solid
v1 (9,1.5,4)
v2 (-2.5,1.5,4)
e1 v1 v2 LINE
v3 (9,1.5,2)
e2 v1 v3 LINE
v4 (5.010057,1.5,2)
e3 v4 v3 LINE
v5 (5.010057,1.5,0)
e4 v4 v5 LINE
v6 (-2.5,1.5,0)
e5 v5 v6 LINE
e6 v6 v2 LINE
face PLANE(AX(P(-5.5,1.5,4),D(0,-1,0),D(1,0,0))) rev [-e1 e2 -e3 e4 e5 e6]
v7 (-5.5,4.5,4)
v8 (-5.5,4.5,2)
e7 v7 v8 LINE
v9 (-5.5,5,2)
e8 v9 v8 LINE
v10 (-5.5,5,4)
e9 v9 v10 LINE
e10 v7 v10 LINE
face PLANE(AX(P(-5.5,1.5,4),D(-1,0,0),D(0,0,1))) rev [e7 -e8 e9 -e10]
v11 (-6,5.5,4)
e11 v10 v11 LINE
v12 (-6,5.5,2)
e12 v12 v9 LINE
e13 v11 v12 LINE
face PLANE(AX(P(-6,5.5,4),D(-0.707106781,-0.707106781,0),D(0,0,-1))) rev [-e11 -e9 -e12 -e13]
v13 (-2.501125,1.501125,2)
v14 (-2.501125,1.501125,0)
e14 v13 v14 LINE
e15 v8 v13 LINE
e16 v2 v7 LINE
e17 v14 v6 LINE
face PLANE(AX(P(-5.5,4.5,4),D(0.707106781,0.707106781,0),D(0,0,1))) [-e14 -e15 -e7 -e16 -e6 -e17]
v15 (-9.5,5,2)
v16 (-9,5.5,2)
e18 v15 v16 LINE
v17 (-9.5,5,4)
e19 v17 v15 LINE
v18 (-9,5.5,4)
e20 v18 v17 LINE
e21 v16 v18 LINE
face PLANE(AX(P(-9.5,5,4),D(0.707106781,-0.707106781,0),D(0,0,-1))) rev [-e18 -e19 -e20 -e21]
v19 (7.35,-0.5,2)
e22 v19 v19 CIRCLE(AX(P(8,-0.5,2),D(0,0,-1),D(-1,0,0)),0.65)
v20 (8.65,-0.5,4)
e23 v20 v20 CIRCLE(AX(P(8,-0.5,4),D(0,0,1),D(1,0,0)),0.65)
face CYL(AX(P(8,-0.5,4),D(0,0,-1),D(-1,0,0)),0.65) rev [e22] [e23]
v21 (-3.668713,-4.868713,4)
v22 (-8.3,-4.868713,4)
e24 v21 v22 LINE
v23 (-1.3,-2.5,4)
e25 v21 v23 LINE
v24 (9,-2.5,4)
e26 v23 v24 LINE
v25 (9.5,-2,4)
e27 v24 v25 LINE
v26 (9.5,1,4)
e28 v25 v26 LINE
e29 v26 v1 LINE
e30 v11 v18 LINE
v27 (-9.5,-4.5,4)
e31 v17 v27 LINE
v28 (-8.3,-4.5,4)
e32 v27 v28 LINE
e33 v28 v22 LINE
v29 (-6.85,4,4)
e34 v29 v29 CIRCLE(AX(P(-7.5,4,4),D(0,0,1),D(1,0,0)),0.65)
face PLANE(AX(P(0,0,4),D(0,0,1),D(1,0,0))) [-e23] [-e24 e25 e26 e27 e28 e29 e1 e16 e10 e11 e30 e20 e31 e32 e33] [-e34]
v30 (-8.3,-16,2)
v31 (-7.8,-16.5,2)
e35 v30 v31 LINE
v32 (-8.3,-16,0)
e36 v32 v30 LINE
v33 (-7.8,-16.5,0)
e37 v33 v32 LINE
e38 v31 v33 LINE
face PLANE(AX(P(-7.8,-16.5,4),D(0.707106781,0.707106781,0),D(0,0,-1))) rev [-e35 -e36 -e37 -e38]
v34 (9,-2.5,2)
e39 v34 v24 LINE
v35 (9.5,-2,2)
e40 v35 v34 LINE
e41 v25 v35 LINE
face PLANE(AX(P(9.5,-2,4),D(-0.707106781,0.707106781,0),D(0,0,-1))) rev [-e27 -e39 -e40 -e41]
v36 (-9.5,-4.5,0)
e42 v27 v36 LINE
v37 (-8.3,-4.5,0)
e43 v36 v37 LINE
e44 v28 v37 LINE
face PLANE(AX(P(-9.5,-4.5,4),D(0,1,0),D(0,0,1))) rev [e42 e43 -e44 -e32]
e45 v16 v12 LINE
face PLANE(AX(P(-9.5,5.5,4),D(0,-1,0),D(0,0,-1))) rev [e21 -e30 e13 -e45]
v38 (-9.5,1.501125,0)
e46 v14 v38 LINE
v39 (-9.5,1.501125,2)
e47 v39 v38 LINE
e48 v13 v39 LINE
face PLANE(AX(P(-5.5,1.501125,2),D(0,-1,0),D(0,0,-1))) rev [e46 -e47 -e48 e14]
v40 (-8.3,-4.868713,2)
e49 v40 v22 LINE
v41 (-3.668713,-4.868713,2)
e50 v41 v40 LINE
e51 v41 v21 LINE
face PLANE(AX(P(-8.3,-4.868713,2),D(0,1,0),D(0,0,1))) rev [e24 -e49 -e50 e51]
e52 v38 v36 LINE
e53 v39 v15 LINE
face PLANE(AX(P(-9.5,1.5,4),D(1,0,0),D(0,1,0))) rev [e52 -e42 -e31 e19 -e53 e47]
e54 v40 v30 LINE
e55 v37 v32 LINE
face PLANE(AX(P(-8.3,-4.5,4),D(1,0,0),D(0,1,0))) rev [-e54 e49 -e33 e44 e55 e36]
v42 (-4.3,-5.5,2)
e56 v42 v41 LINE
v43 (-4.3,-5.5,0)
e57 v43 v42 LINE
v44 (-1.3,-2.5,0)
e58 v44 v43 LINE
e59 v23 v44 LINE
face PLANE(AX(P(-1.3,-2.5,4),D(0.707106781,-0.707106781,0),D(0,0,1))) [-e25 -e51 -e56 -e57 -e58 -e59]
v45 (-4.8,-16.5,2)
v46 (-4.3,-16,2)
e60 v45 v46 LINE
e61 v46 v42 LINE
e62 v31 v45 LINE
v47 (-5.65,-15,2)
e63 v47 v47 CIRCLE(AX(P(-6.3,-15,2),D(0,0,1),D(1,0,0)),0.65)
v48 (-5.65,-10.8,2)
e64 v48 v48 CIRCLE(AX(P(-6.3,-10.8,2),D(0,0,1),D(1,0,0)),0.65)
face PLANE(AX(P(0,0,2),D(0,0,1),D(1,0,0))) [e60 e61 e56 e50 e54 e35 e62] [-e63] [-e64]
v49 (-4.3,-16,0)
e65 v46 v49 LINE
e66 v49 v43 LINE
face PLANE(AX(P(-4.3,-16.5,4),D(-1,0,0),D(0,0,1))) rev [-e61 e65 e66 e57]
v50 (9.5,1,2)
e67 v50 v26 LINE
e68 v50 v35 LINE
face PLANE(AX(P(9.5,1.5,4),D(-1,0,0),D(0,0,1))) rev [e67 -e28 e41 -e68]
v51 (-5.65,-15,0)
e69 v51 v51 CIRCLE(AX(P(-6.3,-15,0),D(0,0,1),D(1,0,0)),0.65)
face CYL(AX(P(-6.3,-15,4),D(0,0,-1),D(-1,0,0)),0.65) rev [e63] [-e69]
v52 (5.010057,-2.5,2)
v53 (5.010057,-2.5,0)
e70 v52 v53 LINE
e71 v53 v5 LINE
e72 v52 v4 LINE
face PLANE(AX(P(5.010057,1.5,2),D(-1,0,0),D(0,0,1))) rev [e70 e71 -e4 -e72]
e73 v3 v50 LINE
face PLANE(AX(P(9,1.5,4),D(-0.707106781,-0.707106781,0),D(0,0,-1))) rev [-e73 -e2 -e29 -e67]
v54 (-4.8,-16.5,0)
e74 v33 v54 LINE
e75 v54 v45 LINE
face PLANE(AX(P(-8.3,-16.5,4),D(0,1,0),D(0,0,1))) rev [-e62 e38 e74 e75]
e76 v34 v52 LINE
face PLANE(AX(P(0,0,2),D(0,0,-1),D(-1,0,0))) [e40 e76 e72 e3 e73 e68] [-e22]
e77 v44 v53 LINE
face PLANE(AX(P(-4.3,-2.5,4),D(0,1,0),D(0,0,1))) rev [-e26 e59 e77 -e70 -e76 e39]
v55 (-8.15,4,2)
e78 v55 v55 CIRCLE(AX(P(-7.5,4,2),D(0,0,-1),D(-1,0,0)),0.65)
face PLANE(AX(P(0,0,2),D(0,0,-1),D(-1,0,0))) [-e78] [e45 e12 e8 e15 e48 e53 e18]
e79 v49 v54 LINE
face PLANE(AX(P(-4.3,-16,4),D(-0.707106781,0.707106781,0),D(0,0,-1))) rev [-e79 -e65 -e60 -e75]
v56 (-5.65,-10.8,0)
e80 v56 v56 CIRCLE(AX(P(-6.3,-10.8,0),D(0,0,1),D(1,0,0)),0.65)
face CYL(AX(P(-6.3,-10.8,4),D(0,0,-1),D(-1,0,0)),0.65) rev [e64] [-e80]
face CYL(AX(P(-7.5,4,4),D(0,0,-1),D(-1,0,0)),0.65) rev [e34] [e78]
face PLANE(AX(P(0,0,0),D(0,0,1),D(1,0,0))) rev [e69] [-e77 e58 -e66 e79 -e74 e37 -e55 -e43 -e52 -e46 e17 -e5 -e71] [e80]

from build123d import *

# Parameters (mm, degrees)
SKETCH_1_R          = 0.65
EXTRUDE_1_DEPTH     = 4
CUT_EXTRUDE_START   = -2
SKETCH_2_W          = 4
SKETCH_2_H          = 11.631287185
SKETCH_2_R          = 0.65
CUT_EXTRUDE_1_DEPTH = 2
SKETCH_3_W          = 4.48994314
SKETCH_3_H          = 4
SKETCH_3_R          = 0.65
SKETCH_3_W_2        = 4
SKETCH_3_H_2        = 3.998874997
CUT_EXTRUDE_2_DEPTH = 2
CHAMFER_1_SIZE      = 3
CHAMFER_2_SIZE      = 0.5


with BuildPart() as part:
    # 草图1 → 凸台-拉伸1 (new body)
    with BuildSketch(Plane.XY):
        Polygon((-4.3, -2.5), (9.5, -2.5), (9.5, 1.5), (-5.5, 1.5), (-5.5, 5.5), (-9.5, 5.5), (-9.5, 1.5), (-9.5, -4.5), (-8.3, -4.5), (-8.3, -16.5), (-4.3, -16.5), align=None)
        with Locations((8, -0.5)):
            Circle(SKETCH_1_R, mode=Mode.SUBTRACT)
        with Locations((-7.5, 4)):
            Circle(SKETCH_1_R, mode=Mode.SUBTRACT)
        with Locations((-6.3, -15)):
            Circle(SKETCH_1_R, mode=Mode.SUBTRACT)
        with Locations((-6.3, -10.8)):
            Circle(SKETCH_1_R, mode=Mode.SUBTRACT)
    extrude(amount=EXTRUDE_1_DEPTH)

    # 草图2 → 切除-拉伸1 (cut)
    with BuildSketch(Plane.XY.offset(4).offset(CUT_EXTRUDE_START)):
        with Locations((-6.3, -10.684356408)):
            Rectangle(SKETCH_2_W, SKETCH_2_H)
        with Locations((-6.3, -15)):
            Circle(SKETCH_2_R, mode=Mode.SUBTRACT)
        with Locations((-6.3, -10.8)):
            Circle(SKETCH_2_R, mode=Mode.SUBTRACT)
    extrude(amount=CUT_EXTRUDE_1_DEPTH, mode=Mode.SUBTRACT)

    # 草图3 → 切除-拉伸2 (cut)
    # profile 1 of 2: a face of its own
    with BuildSketch(Plane(origin=(0, 0, 0), x_dir=(-1, 0, 0), z_dir=(0, 0, -1))):
        with Locations((-7.25502843, -0.5)):
            Rectangle(SKETCH_3_W, SKETCH_3_H)
        with Locations((-8, -0.5)):
            Circle(SKETCH_3_R, mode=Mode.SUBTRACT)
    # profile 2 of 2: a face of its own
    with BuildSketch(Plane(origin=(0, 0, 0), x_dir=(-1, 0, 0), z_dir=(0, 0, -1))):
        with Locations((7.5, 3.500562502)):
            Rectangle(SKETCH_3_W_2, SKETCH_3_H_2)
        with Locations((7.5, 4)):
            Circle(SKETCH_3_R, mode=Mode.SUBTRACT)
    extrude(amount=-CUT_EXTRUDE_2_DEPTH, mode=Mode.SUBTRACT)

    # 倒角1
    chamfer_1_edges = [part.edges().sort_by_distance(p)[0] for p in [
        (-4.3, -2.5, 2),
        (-5.5, 1.5, 2),
    ]]
    chamfer(chamfer_1_edges, length=CHAMFER_1_SIZE)

    # 倒角2
    chamfer_2_edges = [part.edges().sort_by_distance(p)[0] for p in [
        (9.5, -2.5, 3),
        (-9.5, 5.5, 3),
        (-5.5, 5.5, 3),
        (9.5, 1.5, 3),
        (-4.3, -16.5, 1),
        (-8.3, -16.5, 1),
    ]]
    chamfer(chamfer_2_edges, length=CHAMFER_2_SIZE)


solid = part.part
